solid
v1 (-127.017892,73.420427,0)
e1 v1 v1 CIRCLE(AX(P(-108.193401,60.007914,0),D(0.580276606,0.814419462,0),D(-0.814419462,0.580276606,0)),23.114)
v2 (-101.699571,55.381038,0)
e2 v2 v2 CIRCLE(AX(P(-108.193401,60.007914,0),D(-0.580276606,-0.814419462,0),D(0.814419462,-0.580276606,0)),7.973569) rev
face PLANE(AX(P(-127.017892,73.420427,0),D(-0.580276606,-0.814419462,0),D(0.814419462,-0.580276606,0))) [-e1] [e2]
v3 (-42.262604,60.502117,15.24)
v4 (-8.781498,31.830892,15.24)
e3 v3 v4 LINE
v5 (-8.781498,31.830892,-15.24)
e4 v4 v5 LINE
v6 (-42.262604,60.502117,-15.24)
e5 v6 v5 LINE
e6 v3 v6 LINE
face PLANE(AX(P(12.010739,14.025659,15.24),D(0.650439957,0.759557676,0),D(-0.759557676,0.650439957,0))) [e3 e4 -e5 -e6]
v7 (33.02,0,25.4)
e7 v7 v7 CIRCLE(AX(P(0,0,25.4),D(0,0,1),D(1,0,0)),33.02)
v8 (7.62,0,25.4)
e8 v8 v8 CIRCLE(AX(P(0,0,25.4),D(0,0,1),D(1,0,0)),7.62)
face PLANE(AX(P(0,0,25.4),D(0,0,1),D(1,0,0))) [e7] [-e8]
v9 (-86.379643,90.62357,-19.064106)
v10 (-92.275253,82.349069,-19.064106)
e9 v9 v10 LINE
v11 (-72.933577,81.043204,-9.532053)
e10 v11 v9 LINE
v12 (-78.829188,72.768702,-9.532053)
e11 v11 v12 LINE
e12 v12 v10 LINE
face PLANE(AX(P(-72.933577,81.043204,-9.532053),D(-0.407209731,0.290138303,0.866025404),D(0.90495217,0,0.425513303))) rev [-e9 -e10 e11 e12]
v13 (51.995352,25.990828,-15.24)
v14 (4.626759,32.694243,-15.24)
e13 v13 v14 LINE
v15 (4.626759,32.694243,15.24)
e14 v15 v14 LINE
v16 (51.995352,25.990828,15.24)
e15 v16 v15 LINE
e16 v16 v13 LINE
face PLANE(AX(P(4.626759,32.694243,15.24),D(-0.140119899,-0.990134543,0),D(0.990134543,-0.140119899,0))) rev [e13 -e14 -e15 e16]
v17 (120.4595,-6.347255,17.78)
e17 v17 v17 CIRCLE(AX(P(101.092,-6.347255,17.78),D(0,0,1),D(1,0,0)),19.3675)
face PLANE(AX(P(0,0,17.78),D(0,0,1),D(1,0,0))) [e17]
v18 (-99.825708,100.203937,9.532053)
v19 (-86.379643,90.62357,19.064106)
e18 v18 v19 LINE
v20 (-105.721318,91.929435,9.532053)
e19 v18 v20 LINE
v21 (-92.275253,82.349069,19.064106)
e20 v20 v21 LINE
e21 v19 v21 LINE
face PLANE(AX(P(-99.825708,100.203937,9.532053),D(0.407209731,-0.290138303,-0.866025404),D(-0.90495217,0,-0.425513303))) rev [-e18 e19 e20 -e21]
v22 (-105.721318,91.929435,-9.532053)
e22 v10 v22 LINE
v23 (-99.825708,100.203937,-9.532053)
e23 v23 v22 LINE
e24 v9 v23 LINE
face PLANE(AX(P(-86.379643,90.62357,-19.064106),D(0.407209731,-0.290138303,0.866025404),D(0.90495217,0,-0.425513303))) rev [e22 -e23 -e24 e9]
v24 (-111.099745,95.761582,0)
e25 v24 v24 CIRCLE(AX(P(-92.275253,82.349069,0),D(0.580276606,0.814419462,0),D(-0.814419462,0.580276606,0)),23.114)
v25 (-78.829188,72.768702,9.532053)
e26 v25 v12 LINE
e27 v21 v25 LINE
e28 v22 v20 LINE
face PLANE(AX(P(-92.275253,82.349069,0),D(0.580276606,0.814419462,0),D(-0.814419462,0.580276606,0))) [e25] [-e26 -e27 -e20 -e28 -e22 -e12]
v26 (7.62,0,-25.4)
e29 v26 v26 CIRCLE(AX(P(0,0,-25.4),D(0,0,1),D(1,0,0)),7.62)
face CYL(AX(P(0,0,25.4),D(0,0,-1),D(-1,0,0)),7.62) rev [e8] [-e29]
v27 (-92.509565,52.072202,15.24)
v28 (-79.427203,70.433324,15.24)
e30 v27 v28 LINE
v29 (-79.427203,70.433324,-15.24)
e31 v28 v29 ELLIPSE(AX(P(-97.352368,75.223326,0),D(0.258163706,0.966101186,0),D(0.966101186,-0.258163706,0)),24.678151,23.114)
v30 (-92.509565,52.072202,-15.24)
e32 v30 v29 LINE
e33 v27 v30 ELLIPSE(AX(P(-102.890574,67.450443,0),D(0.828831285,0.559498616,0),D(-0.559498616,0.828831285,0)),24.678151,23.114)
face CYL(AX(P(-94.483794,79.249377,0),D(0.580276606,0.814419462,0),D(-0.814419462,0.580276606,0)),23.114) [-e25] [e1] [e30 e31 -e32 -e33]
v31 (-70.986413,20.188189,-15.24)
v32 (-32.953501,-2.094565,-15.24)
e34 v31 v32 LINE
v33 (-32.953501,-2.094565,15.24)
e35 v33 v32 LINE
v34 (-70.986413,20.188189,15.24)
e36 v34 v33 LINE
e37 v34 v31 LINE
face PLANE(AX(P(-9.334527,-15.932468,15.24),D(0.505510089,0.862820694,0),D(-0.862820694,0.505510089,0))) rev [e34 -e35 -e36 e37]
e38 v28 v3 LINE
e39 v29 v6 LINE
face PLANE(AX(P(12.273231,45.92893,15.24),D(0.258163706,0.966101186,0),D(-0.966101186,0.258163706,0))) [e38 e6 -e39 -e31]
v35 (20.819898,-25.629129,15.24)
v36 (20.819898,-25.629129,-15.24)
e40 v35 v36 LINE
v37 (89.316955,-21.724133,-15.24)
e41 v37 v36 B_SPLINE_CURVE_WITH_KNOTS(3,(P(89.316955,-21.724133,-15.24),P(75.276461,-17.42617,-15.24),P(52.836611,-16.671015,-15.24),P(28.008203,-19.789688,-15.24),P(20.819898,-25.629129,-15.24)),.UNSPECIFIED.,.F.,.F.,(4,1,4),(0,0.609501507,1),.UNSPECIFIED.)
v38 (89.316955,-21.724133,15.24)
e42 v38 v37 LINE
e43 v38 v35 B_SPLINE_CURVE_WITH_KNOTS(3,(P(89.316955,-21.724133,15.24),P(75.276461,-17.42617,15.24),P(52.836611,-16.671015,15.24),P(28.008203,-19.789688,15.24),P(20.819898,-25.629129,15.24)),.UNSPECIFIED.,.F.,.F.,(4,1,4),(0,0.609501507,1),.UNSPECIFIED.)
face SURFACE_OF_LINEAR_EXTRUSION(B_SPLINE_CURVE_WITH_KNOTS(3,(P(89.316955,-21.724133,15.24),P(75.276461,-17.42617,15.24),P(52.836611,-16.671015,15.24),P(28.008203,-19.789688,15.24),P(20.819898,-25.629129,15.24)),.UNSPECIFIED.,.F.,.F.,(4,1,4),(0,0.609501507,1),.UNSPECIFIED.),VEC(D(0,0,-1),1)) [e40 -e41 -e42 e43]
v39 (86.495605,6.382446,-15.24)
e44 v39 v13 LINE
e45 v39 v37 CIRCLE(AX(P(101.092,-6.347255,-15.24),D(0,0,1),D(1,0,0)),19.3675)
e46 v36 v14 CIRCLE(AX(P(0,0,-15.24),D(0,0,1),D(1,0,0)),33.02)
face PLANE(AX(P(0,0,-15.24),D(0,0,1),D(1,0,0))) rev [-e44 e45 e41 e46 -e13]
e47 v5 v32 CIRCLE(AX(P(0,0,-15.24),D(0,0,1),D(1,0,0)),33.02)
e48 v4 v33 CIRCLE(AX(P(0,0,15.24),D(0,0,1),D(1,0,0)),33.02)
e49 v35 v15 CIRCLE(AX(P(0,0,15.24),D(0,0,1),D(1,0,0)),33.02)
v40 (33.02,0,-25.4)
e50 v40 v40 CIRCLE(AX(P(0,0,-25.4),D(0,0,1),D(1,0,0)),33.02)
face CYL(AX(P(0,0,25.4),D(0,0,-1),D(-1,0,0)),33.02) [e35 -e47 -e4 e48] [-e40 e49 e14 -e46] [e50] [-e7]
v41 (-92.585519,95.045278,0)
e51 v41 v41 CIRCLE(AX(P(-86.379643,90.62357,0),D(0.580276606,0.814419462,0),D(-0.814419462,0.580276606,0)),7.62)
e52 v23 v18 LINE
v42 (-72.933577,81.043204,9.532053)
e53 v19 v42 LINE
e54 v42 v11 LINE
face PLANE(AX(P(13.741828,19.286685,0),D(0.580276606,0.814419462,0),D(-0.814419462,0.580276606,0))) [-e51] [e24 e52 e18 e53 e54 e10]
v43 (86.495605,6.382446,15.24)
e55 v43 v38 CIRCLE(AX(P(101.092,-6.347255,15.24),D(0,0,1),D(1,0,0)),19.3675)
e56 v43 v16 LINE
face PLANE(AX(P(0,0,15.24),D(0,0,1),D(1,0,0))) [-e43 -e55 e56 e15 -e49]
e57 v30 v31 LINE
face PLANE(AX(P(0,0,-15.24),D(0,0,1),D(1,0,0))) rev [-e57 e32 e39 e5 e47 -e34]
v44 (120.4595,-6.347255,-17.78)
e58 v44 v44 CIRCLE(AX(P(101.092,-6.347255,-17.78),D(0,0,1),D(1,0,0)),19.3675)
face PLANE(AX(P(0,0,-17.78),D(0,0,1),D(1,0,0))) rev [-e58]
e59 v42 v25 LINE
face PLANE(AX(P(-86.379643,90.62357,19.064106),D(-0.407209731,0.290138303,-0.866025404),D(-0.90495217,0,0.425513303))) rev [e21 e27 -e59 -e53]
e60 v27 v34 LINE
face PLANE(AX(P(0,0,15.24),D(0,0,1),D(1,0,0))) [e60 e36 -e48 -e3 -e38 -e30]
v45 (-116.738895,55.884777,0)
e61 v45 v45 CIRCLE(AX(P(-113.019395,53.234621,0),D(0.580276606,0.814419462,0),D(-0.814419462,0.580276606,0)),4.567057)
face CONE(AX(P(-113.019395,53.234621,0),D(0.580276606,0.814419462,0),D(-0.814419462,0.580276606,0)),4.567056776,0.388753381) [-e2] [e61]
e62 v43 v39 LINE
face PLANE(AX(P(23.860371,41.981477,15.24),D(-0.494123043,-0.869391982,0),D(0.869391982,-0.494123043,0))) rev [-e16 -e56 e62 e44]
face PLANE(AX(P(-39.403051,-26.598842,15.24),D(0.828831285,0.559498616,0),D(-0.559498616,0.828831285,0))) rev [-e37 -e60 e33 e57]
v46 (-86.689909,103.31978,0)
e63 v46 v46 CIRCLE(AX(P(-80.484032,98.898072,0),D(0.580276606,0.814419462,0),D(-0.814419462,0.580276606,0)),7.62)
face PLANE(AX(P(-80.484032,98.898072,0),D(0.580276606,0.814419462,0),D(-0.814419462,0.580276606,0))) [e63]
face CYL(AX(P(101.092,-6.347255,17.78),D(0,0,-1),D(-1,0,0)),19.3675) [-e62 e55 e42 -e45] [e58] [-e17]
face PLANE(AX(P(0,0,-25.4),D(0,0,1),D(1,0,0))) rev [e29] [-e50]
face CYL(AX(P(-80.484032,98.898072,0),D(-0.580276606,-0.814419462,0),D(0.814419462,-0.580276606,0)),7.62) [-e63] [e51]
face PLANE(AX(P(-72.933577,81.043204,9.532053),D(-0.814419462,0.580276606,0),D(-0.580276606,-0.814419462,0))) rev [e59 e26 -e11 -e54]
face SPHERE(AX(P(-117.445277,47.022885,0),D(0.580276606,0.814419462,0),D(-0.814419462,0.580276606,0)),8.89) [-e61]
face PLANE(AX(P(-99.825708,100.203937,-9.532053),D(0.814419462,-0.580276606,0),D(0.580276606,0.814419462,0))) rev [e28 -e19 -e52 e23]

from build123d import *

# Parameters (mm, degrees)
SKETCH1_R           = 7.62
BOSS_EXTRUDE1_DEPTH = 25.4
BOSS_EXTRUDE2_DEPTH = 17.78
BOSS_EXTRUDE3_DEPTH = 15.24
BOSS_EXTRUDE4_DEPTH = 15.24
BOSS_EXTRUDE5_DEPTH = 10.16
SKETCH8_R           = 7.62
BOSS_EXTRUDE6_DEPTH = 10.16


with BuildPart() as part:
    # Sketch1 → Boss-Extrude1 (new, symmetric)
    with BuildSketch(Plane.XY):
        with BuildLine():
            ThreePointArc((33.02, 0), (24.930864244, 21.651152581), (4.626759051, 32.694242623))
            ThreePointArc((4.626759051, 32.694242623), (-2.121746437, 32.951761593), (-8.781498221, 31.830892055))
            ThreePointArc((-8.781498221, 31.830892055), (-26.892130639, 19.160733538), (-32.953500531, -2.094565059))
            ThreePointArc((-32.953500531, -2.094565059), (-13.239146526, -30.249717342), (20.819898028, -25.62912886))
            ThreePointArc((20.819898028, -25.62912886), (29.814370972, -14.19238118), (33.02, 0))
        make_face()
        Circle(SKETCH1_R, mode=Mode.SUBTRACT)
    extrude(amount=BOSS_EXTRUDE1_DEPTH, both=True)



with BuildPart() as body_2:
    # Sketch1<3> → Boss-Extrude2 (new, symmetric)
    with BuildSketch(Plane.XY):
        with BuildLine():
            ThreePointArc((120.4595, -6.347255181), (107.889218857, 11.7882865), (86.495604602, 6.382446214))
            ThreePointArc((86.495604602, 6.382446214), (81.821344439, -8.281651859), (89.316955097, -21.724133075))
            ThreePointArc((89.316955097, -21.724133075), (109.666580867, -23.713216693), (120.4595, -6.347255181))
        make_face()
    extrude(amount=BOSS_EXTRUDE2_DEPTH, both=True)


with BuildPart() as part_1:
    add(part.part)

    add(body_2.part)  # Boss-Extrude3 merges body 2
    # Sketch1<4> → Boss-Extrude3 (add, symmetric)
    with BuildSketch(Plane.XY):
        with BuildLine():
            ThreePointArc((89.316955097, -21.724133075), (81.821344439, -8.281651859), (86.495604602, 6.382446214))
            Line((86.495604602, 6.382446214), (51.99535192, 25.990827948))
            Line((51.99535192, 25.990827948), (4.626759051, 32.694242623))
            ThreePointArc((4.626759051, 32.694242623), (24.930864244, 21.651152581), (33.02, 0))
            ThreePointArc((33.02, 0), (29.814370972, -14.19238118), (20.819898028, -25.62912886))
            add(Edge.make_bspline(
                [(89.316955097, -21.724133075), (75.276461203, -17.426169931), (52.836610599, -16.671014881), (28.008203074, -19.789688164), (20.819898028, -25.62912886)],
                knots=[0, 0, 0, 0, 0.609501507, 1, 1, 1, 1], degree=3))
        make_face()
    extrude(amount=BOSS_EXTRUDE3_DEPTH, both=True)

    # Sketch1<5> → Boss-Extrude4 (add, symmetric)
    with BuildSketch(Plane.XY):
        with BuildLine():
            ThreePointArc((-32.953500531, -2.094565059), (-26.892130639, 19.160733538), (-8.781498221, 31.830892055))
            Line((-8.781498221, 31.830892055), (-42.262603979, 60.502117005))
            Line((-42.262603979, 60.502117005), (-86.872548051, 72.422885384))
            Line((-86.872548051, 72.422885384), (-96.821390465, 58.459663706))
            Line((-96.821390465, 58.459663706), (-70.986413412, 20.188188826))
            Line((-70.986413412, 20.188188826), (-32.953500531, -2.094565059))
        make_face()
    extrude(amount=BOSS_EXTRUDE4_DEPTH, both=True)



with BuildPart() as body_2_2:
    # Sketch5 → Revolve2 (revolve)
    with BuildSketch(Plane.XY):
        with BuildLine():
            Line((-96.821390465, 58.459663706), (-86.20929189, 73.353766829))
            Line((-86.20929189, 73.353766829), (-94.483793625, 79.249377149))
            Line((-94.483793625, 79.249377149), (-122.603936438, 39.782696366))
            ThreePointArc((-122.603936438, 39.782696366), (-111.841735812, 40.121260824), (-109.299895081, 50.584464631))
            Line((-109.299895081, 50.584464631), (-96.821390465, 58.459663706))
        make_face()
    revolve(axis=Axis((-94.483793625, 79.249377149, 0), (-0.5802766062403011, -0.8144194621018328, 0)))


with BuildPart() as part_2:
    add(part_1.part)

    add(body_2_2.part)  # Revolve4 merges body 2 2
    # Sketch6 → Revolve4 (revolve)
    with BuildSketch(Plane.XY):
        Polygon((-108.193400918, 60.007913893), (-92.275253056, 82.349068577), (-111.099744503, 95.761582054), (-127.017892365, 73.42042737), align=None)
    revolve(axis=Axis((-94.483793625, 79.249377149, 0), (-0.5802766062403006, -0.8144194621018331, 0)))

    # Sketch7 → Boss-Extrude5 (add)
    with BuildSketch(Plane(origin=(7.846217937, 11.012183713, 0), x_dir=(0.814419462101833, -0.5802766062403008, 0), z_dir=(0.5802766062403008, 0.8144194621018331, 0))):
        Polygon((-106.426, -9.532052944), (-106.426, 9.532052944), (-122.936, 19.064105889), (-139.446, 9.532052944), (-139.446, -9.532052944), (-122.936, -19.064105889), align=None)
    extrude(amount=BOSS_EXTRUDE5_DEPTH)

    # Sketch8 → Boss-Extrude6 (add)
    with BuildSketch(Plane(origin=(13.741828257, 19.286685448, 0), x_dir=(0.814419462101833, -0.5802766062403008, 0), z_dir=(0.5802766062403008, 0.8144194621018331, 0))):
        with Locations((-122.936, 0)):
            Circle(SKETCH8_R)
    extrude(amount=BOSS_EXTRUDE6_DEPTH)


solid = part_2.part
